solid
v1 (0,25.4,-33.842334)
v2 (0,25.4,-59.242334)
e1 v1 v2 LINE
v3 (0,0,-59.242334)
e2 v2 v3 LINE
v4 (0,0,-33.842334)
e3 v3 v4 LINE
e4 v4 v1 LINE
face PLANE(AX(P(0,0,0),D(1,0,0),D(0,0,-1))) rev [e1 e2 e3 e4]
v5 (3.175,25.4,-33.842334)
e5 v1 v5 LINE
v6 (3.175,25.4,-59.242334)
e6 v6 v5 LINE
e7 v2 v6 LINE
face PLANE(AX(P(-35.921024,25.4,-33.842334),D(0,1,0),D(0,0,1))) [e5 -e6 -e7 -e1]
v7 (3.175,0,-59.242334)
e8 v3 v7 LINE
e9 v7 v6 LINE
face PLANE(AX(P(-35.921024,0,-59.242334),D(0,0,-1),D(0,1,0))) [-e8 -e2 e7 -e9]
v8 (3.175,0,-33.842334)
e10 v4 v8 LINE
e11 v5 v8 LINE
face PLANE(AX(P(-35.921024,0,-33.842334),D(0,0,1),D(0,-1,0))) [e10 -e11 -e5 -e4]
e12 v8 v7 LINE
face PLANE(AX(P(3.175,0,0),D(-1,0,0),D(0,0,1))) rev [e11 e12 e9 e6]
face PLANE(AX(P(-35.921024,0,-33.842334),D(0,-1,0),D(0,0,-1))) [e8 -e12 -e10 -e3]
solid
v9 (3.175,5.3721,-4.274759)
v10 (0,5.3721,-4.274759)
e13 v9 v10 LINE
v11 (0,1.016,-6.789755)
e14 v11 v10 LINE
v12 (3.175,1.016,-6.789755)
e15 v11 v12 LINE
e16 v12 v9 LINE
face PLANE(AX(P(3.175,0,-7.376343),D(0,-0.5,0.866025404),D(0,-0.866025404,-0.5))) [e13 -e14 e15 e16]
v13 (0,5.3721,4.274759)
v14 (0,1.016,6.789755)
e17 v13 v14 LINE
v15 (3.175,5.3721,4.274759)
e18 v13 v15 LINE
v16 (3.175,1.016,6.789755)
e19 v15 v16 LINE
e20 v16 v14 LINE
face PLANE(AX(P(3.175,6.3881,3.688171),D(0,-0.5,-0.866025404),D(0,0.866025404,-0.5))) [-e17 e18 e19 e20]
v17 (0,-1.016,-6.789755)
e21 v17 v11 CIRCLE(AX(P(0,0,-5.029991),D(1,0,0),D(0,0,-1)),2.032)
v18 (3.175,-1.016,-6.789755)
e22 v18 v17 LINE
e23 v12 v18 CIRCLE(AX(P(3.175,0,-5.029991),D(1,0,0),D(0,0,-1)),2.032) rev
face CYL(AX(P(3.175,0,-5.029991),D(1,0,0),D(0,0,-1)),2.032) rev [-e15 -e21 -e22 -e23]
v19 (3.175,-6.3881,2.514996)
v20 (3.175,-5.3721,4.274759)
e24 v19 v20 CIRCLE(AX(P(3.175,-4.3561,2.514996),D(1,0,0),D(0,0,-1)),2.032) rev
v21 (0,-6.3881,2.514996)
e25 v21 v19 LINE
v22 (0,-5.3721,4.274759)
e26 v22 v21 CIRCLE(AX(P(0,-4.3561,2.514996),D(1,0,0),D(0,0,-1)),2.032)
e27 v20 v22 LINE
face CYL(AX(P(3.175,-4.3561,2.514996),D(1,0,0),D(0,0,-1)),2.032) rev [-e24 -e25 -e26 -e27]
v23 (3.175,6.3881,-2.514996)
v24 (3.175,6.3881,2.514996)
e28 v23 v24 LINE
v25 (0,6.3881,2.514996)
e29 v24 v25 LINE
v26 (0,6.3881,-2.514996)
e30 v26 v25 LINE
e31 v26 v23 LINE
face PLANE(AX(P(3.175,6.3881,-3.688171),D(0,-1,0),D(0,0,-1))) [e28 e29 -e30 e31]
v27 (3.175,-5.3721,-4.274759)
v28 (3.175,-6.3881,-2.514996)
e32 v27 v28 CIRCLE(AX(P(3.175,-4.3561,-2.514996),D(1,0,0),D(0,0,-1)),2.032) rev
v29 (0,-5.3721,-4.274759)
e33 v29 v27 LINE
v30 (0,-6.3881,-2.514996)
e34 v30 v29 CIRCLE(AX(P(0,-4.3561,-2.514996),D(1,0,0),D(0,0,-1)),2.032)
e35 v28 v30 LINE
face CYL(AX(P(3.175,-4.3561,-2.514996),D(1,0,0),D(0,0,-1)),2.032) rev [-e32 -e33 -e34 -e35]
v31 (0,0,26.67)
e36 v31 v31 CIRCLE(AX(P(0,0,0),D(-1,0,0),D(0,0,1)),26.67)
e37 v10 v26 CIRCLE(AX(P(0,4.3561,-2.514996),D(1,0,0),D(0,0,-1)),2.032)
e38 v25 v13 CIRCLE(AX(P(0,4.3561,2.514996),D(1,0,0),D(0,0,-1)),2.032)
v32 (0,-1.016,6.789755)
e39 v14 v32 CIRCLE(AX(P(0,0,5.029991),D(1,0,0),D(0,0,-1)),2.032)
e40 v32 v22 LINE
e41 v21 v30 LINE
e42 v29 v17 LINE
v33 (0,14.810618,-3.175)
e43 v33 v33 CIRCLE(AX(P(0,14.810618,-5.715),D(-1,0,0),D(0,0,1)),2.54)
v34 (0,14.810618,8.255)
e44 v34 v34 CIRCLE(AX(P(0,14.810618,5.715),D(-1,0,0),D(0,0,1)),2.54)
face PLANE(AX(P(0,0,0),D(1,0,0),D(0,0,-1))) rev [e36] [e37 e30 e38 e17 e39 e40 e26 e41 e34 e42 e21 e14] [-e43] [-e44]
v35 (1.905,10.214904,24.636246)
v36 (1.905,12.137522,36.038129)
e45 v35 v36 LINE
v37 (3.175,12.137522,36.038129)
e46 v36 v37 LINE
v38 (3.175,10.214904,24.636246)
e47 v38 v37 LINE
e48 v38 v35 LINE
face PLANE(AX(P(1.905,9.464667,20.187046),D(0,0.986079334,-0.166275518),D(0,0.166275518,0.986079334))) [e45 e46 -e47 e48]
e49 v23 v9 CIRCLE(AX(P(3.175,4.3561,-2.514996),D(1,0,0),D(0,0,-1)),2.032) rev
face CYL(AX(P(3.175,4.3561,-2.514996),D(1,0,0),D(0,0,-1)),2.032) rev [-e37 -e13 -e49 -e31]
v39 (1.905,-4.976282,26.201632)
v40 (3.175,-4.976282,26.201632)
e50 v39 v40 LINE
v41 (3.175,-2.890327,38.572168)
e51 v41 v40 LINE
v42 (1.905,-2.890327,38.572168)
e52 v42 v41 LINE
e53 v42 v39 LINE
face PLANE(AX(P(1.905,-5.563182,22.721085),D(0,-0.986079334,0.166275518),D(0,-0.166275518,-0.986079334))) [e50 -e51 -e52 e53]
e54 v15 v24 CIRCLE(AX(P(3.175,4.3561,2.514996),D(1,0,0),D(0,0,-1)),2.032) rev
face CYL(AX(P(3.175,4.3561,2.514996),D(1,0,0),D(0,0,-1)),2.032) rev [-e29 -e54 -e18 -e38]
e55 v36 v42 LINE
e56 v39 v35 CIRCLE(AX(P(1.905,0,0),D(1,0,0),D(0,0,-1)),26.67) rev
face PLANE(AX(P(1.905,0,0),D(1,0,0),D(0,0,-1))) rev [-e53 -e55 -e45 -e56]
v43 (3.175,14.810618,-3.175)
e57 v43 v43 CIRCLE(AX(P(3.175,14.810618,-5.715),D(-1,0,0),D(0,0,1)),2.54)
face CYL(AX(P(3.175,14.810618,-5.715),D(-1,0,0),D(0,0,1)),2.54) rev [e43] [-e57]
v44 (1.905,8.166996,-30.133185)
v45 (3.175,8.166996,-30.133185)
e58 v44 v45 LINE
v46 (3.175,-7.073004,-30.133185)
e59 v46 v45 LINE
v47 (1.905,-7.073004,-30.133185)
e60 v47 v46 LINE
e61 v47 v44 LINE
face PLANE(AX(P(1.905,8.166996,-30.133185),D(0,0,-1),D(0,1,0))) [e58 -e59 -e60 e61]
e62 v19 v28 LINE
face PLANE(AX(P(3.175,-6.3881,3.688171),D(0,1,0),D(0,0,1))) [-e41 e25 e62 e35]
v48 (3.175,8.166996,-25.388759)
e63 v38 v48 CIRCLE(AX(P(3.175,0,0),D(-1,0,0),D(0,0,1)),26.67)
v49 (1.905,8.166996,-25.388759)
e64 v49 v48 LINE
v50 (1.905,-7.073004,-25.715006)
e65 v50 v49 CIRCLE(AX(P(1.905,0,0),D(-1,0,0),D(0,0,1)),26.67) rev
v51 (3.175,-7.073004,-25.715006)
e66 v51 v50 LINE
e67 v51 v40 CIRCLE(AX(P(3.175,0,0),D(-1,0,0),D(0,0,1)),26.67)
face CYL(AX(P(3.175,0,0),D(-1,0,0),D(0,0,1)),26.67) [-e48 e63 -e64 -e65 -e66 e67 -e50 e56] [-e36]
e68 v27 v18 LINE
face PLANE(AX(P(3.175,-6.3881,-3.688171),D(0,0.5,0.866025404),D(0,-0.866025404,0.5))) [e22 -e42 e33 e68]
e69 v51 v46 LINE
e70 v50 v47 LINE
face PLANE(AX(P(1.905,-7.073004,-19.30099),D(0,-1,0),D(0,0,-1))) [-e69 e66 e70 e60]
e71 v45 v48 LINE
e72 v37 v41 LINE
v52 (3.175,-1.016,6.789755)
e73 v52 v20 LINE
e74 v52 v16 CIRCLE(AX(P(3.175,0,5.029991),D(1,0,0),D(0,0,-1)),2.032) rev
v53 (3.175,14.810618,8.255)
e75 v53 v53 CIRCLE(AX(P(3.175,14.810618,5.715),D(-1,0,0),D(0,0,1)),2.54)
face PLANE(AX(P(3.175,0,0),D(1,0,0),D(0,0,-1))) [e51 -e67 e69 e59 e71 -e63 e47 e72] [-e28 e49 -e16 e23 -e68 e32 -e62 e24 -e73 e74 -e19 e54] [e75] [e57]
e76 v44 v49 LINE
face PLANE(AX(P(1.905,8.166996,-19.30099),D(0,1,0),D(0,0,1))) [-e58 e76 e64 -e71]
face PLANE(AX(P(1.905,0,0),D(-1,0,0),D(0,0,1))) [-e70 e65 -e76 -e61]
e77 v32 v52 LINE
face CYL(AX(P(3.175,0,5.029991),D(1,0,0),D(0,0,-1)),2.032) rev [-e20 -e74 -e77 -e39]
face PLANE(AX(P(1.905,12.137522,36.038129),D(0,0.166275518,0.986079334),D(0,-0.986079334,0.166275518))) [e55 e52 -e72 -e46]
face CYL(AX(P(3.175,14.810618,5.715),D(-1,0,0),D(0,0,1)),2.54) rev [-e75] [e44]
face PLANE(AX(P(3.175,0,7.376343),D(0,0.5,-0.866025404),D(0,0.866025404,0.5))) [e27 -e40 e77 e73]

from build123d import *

# Parameters (mm, degrees)
SKETCH1_R           = 29.21
BOSS_EXTRUDE1_DEPTH = 3.175
FILLET1_R           = 2.032
SKETCH3_R           = 2.54
CUT_EXTRUDE2_DEPTH  = 42.431012841
SKETCH4_OUTSIDE_W   = 76.956
SKETCH4_OUTSIDE_H   = 76.956
SKETCH4_OUTSIDE_R   = 26.67
CUT_EXTRUDE3_DEPTH  = 42.431012841
SKETCH7_W           = 25.4
SKETCH7_H           = 25.4
BOSS_EXTRUDE4_DEPTH = 3.175
SKETCH8_W           = 10.832195086
SKETCH8_H           = 15.24
BOSS_EXTRUDE5_DEPTH = 1.27


with BuildPart() as part:
    # Sketch1 → Boss-Extrude1 (new body)
    with BuildSketch(Plane(origin=(0, 0, 0), x_dir=(0, 0, -1), z_dir=(1, 0, 0))):
        Circle(SKETCH1_R)
        Polygon((3.688171255, 6.3881), (-3.688171255, 6.3881), (-7.376342509, 0), (-3.688171255, -6.3881), (3.688171255, -6.3881), (7.376342509, 0), align=None, mode=Mode.SUBTRACT)
    extrude(amount=BOSS_EXTRUDE1_DEPTH)

    # Fillet1
    fillet1_edges = [part.edges().sort_by_distance(p)[0] for p in [
        (1.5875, 6.3881, -3.688171255),
        (1.5875, 6.3881, 3.688171255),
        (1.5875, 0, 7.376342509),
        (1.5875, -6.3881, 3.688171255),
        (1.5875, -6.3881, -3.688171255),
        (1.5875, 0, -7.376342509),
    ]]
    fillet(fillet1_edges, radius=FILLET1_R)

    # Sketch3 → Cut-Extrude2 (cut, through all)
    with BuildSketch(Plane.ZY):
        with Locations((-5.715, 14.810617813)):
            Circle(SKETCH3_R)
        with Locations((5.715, 14.810617813)):
            Circle(SKETCH3_R)
    extrude(amount=-CUT_EXTRUDE2_DEPTH, mode=Mode.SUBTRACT)

    # Sketch4 outside → Cut-Extrude3 (cut, through all)
    with BuildSketch(Plane.ZY):
        Rectangle(SKETCH4_OUTSIDE_W, SKETCH4_OUTSIDE_H)
        Circle(SKETCH4_OUTSIDE_R, mode=Mode.SUBTRACT)
    extrude(amount=-CUT_EXTRUDE3_DEPTH, mode=Mode.SUBTRACT)

    # Sketch8 → Boss-Extrude5 (add)
    with BuildSketch(Plane(origin=(3.175, 0, 0), x_dir=(0, 0, -1), z_dir=(1, 0, 0))):
        Polygon((-20.18704616, 9.464667213), (-22.721085056, -5.56318183), (-38.572167693, -2.890326931), (-36.038128797, 12.137522113), align=None)
        with Locations((24.717087195, 0.546996213)):
            Rectangle(SKETCH8_W, SKETCH8_H)
    extrude(amount=-BOSS_EXTRUDE5_DEPTH)


with BuildPart() as body_2:
    # Sketch7 → Boss-Extrude4 (new body)
    with BuildSketch(Plane(origin=(3.175, 0, 0), x_dir=(0, 0, -1), z_dir=(1, 0, 0))):
        with Locations((46.542333639, 12.7)):
            Rectangle(SKETCH7_W, SKETCH7_H)
    extrude(amount=-BOSS_EXTRUDE4_DEPTH)


solid = Compound([part.part, body_2.part])
